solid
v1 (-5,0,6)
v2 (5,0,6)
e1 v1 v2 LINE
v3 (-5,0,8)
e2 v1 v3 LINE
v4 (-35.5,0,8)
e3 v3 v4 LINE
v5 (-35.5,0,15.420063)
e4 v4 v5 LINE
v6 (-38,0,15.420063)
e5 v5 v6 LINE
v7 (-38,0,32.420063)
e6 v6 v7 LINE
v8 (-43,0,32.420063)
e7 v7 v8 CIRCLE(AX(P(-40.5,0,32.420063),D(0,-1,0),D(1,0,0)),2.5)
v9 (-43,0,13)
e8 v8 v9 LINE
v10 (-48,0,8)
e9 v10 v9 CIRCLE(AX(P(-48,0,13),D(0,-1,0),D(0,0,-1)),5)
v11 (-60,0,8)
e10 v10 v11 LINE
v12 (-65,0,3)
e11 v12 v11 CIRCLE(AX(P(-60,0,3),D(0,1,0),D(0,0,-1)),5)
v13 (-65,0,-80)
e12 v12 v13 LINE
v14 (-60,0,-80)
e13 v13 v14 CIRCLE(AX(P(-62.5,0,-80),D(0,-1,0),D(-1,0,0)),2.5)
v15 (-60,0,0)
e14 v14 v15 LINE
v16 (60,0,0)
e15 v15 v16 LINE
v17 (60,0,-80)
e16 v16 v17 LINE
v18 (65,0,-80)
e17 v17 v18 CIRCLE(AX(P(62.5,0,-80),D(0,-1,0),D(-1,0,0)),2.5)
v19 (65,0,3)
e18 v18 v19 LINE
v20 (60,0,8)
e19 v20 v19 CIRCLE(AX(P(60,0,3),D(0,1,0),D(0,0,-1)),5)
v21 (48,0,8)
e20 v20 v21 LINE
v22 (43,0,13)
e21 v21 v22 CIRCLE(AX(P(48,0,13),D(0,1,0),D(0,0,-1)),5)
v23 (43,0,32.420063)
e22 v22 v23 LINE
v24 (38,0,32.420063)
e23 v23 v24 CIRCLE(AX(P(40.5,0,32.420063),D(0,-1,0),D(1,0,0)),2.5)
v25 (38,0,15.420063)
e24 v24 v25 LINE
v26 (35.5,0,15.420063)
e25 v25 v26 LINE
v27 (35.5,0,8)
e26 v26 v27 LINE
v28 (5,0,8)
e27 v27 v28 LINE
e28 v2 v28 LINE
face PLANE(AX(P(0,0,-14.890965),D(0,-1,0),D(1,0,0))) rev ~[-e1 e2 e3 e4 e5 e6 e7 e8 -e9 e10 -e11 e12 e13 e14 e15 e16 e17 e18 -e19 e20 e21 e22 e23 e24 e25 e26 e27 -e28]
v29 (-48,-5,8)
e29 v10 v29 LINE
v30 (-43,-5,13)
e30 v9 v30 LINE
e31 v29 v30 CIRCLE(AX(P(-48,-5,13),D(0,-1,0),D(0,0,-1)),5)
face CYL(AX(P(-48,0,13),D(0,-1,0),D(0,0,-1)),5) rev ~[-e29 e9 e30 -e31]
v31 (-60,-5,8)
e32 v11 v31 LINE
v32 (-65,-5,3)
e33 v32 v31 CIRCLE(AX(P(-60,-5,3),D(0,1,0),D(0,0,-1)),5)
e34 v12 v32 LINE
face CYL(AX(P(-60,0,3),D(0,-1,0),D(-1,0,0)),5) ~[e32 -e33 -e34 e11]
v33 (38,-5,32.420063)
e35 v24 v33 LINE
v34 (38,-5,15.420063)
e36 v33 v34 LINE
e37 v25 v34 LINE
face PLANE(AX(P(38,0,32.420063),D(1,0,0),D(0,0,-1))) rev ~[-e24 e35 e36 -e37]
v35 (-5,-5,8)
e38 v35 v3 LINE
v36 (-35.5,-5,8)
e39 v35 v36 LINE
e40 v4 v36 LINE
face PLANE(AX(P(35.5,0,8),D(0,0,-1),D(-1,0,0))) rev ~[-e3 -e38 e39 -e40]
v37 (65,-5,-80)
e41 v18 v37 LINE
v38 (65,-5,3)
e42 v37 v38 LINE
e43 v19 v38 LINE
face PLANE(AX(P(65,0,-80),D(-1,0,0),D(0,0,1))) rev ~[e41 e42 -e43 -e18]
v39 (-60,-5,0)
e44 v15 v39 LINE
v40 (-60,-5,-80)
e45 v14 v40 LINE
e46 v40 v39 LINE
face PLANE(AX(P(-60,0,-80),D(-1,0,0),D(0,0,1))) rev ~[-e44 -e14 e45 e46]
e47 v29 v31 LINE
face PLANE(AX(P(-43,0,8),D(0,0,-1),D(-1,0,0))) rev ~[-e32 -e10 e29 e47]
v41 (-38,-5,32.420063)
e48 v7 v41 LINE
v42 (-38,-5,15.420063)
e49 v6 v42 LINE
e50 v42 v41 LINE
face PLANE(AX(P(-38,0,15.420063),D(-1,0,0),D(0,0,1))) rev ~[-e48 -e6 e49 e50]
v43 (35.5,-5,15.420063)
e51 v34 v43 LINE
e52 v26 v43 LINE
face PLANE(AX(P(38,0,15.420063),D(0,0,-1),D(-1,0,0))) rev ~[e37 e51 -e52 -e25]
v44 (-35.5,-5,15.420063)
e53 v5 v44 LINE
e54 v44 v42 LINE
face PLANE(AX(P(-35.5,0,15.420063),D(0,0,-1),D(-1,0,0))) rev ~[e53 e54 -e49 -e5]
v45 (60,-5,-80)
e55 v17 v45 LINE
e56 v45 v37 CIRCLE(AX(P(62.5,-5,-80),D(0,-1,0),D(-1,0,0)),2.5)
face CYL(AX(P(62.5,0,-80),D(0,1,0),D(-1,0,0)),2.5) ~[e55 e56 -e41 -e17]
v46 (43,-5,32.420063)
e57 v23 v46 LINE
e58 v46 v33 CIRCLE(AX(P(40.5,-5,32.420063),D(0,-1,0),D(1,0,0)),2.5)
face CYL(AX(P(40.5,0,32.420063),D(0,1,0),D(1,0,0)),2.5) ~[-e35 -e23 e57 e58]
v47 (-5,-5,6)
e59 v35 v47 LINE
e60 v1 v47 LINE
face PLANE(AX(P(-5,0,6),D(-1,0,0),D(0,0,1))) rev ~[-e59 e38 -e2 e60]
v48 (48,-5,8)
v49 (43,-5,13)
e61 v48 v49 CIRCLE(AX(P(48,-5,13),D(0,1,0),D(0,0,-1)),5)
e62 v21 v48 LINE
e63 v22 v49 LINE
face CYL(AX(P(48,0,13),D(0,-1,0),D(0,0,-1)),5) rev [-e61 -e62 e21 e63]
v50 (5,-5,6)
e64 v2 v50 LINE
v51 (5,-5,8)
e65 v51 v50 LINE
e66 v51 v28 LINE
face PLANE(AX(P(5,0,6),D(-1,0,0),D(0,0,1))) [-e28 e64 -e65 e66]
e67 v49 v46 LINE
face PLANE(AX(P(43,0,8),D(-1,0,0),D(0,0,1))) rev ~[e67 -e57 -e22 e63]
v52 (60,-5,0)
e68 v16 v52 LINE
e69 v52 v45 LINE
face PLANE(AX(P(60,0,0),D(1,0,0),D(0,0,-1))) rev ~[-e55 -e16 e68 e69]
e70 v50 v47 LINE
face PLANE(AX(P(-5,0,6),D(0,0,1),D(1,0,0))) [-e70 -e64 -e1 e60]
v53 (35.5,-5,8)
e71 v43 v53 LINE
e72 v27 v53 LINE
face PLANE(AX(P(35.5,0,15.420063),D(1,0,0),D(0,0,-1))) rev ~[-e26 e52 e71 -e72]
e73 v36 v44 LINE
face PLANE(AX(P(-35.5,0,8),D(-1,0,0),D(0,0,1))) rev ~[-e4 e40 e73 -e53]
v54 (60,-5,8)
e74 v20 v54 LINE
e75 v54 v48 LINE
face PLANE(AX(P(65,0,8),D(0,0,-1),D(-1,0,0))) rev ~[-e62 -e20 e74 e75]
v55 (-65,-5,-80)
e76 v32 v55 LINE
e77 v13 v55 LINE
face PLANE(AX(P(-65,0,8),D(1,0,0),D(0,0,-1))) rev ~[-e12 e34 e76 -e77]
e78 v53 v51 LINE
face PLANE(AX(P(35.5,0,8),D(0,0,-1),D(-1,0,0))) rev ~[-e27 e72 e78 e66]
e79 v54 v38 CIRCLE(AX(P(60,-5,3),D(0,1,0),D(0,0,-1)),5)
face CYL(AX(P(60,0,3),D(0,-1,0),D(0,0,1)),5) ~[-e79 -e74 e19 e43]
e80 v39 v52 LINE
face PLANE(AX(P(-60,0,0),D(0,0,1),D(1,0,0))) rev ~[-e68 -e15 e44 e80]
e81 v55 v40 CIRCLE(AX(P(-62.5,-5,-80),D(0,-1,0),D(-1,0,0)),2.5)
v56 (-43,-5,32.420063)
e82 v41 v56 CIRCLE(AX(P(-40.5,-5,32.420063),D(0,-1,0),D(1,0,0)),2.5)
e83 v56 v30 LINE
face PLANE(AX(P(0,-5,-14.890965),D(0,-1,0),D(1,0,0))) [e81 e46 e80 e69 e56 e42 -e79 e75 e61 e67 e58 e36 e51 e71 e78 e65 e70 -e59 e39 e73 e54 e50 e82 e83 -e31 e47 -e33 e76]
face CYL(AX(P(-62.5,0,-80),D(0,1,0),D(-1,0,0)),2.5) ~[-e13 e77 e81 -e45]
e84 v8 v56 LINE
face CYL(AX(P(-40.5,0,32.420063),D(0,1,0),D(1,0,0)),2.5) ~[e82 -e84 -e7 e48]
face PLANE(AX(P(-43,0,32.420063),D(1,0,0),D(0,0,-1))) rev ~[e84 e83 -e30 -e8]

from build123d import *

# Parameters (mm, degrees)
F1_DEPTH = 5
F2_W     = 10
F2_H     = 4
F3_DEPTH = 25
F4_R     = 5
F5_R     = 5


with BuildPart() as f1:
    # F0 (on Front) → F1 (new body)
    with BuildSketch(Plane.XZ):
        with BuildLine():
            Line((-60, -80), (-60, 0))
            Line((-60, 0), (0, 0))
            Line((0, 0), (60, 0))
            Line((60, 0), (60, -80))
            ThreePointArc((60, -80), (62.5, -82.5), (65, -80))
            Line((65, -80), (65, 8))
            Line((65, 8), (60, 8))
            Line((60, 8), (43, 8))
            Line((43, 8), (43, 32.420063))
            ThreePointArc((43, 32.420063), (40.5, 34.920063), (38, 32.420063))
            Line((38, 32.420063), (38, 15.420063))
            Line((38, 15.420063), (35.5, 15.420063))
            Line((35.5, 15.420063), (35.5, 8))
            Line((35.5, 8), (0, 8))
            Line((0, 8), (-35.5, 8))
            Line((-35.5, 8), (-35.5, 15.420063))
            Line((-35.5, 15.420063), (-38, 15.420063))
            Line((-38, 15.420063), (-38, 32.420063))
            ThreePointArc((-38, 32.420063), (-40.5, 34.920063), (-43, 32.420063))
            Line((-43, 32.420063), (-43, 8))
            Line((-43, 8), (-60, 8))
            Line((-60, 8), (-65, 8))
            Line((-65, 8), (-65, -80))
            ThreePointArc((-65, -80), (-62.5, -82.5), (-60, -80))
        make_face()
    extrude(amount=F1_DEPTH)

    # F2 (on Front) → F3 (cut)
    with BuildSketch(Plane.XZ):
        with Locations((0, 8)):
            Rectangle(F2_W, F2_H)
    extrude(amount=F3_DEPTH, mode=Mode.SUBTRACT)

    # F4
    f4_edges = [f1.edges().sort_by_distance(p)[0] for p in [
        (-65, -2.5, 8),
        (65, -2.5, 8),
    ]]
    fillet(f4_edges, radius=F4_R)

    # F5
    f5_edges = [f1.edges().sort_by_distance(p)[0] for p in [
        (-43, -2.5, 8),
        (43, -2.5, 8),
    ]]
    fillet(f5_edges, radius=F5_R)


solid = f1.part
